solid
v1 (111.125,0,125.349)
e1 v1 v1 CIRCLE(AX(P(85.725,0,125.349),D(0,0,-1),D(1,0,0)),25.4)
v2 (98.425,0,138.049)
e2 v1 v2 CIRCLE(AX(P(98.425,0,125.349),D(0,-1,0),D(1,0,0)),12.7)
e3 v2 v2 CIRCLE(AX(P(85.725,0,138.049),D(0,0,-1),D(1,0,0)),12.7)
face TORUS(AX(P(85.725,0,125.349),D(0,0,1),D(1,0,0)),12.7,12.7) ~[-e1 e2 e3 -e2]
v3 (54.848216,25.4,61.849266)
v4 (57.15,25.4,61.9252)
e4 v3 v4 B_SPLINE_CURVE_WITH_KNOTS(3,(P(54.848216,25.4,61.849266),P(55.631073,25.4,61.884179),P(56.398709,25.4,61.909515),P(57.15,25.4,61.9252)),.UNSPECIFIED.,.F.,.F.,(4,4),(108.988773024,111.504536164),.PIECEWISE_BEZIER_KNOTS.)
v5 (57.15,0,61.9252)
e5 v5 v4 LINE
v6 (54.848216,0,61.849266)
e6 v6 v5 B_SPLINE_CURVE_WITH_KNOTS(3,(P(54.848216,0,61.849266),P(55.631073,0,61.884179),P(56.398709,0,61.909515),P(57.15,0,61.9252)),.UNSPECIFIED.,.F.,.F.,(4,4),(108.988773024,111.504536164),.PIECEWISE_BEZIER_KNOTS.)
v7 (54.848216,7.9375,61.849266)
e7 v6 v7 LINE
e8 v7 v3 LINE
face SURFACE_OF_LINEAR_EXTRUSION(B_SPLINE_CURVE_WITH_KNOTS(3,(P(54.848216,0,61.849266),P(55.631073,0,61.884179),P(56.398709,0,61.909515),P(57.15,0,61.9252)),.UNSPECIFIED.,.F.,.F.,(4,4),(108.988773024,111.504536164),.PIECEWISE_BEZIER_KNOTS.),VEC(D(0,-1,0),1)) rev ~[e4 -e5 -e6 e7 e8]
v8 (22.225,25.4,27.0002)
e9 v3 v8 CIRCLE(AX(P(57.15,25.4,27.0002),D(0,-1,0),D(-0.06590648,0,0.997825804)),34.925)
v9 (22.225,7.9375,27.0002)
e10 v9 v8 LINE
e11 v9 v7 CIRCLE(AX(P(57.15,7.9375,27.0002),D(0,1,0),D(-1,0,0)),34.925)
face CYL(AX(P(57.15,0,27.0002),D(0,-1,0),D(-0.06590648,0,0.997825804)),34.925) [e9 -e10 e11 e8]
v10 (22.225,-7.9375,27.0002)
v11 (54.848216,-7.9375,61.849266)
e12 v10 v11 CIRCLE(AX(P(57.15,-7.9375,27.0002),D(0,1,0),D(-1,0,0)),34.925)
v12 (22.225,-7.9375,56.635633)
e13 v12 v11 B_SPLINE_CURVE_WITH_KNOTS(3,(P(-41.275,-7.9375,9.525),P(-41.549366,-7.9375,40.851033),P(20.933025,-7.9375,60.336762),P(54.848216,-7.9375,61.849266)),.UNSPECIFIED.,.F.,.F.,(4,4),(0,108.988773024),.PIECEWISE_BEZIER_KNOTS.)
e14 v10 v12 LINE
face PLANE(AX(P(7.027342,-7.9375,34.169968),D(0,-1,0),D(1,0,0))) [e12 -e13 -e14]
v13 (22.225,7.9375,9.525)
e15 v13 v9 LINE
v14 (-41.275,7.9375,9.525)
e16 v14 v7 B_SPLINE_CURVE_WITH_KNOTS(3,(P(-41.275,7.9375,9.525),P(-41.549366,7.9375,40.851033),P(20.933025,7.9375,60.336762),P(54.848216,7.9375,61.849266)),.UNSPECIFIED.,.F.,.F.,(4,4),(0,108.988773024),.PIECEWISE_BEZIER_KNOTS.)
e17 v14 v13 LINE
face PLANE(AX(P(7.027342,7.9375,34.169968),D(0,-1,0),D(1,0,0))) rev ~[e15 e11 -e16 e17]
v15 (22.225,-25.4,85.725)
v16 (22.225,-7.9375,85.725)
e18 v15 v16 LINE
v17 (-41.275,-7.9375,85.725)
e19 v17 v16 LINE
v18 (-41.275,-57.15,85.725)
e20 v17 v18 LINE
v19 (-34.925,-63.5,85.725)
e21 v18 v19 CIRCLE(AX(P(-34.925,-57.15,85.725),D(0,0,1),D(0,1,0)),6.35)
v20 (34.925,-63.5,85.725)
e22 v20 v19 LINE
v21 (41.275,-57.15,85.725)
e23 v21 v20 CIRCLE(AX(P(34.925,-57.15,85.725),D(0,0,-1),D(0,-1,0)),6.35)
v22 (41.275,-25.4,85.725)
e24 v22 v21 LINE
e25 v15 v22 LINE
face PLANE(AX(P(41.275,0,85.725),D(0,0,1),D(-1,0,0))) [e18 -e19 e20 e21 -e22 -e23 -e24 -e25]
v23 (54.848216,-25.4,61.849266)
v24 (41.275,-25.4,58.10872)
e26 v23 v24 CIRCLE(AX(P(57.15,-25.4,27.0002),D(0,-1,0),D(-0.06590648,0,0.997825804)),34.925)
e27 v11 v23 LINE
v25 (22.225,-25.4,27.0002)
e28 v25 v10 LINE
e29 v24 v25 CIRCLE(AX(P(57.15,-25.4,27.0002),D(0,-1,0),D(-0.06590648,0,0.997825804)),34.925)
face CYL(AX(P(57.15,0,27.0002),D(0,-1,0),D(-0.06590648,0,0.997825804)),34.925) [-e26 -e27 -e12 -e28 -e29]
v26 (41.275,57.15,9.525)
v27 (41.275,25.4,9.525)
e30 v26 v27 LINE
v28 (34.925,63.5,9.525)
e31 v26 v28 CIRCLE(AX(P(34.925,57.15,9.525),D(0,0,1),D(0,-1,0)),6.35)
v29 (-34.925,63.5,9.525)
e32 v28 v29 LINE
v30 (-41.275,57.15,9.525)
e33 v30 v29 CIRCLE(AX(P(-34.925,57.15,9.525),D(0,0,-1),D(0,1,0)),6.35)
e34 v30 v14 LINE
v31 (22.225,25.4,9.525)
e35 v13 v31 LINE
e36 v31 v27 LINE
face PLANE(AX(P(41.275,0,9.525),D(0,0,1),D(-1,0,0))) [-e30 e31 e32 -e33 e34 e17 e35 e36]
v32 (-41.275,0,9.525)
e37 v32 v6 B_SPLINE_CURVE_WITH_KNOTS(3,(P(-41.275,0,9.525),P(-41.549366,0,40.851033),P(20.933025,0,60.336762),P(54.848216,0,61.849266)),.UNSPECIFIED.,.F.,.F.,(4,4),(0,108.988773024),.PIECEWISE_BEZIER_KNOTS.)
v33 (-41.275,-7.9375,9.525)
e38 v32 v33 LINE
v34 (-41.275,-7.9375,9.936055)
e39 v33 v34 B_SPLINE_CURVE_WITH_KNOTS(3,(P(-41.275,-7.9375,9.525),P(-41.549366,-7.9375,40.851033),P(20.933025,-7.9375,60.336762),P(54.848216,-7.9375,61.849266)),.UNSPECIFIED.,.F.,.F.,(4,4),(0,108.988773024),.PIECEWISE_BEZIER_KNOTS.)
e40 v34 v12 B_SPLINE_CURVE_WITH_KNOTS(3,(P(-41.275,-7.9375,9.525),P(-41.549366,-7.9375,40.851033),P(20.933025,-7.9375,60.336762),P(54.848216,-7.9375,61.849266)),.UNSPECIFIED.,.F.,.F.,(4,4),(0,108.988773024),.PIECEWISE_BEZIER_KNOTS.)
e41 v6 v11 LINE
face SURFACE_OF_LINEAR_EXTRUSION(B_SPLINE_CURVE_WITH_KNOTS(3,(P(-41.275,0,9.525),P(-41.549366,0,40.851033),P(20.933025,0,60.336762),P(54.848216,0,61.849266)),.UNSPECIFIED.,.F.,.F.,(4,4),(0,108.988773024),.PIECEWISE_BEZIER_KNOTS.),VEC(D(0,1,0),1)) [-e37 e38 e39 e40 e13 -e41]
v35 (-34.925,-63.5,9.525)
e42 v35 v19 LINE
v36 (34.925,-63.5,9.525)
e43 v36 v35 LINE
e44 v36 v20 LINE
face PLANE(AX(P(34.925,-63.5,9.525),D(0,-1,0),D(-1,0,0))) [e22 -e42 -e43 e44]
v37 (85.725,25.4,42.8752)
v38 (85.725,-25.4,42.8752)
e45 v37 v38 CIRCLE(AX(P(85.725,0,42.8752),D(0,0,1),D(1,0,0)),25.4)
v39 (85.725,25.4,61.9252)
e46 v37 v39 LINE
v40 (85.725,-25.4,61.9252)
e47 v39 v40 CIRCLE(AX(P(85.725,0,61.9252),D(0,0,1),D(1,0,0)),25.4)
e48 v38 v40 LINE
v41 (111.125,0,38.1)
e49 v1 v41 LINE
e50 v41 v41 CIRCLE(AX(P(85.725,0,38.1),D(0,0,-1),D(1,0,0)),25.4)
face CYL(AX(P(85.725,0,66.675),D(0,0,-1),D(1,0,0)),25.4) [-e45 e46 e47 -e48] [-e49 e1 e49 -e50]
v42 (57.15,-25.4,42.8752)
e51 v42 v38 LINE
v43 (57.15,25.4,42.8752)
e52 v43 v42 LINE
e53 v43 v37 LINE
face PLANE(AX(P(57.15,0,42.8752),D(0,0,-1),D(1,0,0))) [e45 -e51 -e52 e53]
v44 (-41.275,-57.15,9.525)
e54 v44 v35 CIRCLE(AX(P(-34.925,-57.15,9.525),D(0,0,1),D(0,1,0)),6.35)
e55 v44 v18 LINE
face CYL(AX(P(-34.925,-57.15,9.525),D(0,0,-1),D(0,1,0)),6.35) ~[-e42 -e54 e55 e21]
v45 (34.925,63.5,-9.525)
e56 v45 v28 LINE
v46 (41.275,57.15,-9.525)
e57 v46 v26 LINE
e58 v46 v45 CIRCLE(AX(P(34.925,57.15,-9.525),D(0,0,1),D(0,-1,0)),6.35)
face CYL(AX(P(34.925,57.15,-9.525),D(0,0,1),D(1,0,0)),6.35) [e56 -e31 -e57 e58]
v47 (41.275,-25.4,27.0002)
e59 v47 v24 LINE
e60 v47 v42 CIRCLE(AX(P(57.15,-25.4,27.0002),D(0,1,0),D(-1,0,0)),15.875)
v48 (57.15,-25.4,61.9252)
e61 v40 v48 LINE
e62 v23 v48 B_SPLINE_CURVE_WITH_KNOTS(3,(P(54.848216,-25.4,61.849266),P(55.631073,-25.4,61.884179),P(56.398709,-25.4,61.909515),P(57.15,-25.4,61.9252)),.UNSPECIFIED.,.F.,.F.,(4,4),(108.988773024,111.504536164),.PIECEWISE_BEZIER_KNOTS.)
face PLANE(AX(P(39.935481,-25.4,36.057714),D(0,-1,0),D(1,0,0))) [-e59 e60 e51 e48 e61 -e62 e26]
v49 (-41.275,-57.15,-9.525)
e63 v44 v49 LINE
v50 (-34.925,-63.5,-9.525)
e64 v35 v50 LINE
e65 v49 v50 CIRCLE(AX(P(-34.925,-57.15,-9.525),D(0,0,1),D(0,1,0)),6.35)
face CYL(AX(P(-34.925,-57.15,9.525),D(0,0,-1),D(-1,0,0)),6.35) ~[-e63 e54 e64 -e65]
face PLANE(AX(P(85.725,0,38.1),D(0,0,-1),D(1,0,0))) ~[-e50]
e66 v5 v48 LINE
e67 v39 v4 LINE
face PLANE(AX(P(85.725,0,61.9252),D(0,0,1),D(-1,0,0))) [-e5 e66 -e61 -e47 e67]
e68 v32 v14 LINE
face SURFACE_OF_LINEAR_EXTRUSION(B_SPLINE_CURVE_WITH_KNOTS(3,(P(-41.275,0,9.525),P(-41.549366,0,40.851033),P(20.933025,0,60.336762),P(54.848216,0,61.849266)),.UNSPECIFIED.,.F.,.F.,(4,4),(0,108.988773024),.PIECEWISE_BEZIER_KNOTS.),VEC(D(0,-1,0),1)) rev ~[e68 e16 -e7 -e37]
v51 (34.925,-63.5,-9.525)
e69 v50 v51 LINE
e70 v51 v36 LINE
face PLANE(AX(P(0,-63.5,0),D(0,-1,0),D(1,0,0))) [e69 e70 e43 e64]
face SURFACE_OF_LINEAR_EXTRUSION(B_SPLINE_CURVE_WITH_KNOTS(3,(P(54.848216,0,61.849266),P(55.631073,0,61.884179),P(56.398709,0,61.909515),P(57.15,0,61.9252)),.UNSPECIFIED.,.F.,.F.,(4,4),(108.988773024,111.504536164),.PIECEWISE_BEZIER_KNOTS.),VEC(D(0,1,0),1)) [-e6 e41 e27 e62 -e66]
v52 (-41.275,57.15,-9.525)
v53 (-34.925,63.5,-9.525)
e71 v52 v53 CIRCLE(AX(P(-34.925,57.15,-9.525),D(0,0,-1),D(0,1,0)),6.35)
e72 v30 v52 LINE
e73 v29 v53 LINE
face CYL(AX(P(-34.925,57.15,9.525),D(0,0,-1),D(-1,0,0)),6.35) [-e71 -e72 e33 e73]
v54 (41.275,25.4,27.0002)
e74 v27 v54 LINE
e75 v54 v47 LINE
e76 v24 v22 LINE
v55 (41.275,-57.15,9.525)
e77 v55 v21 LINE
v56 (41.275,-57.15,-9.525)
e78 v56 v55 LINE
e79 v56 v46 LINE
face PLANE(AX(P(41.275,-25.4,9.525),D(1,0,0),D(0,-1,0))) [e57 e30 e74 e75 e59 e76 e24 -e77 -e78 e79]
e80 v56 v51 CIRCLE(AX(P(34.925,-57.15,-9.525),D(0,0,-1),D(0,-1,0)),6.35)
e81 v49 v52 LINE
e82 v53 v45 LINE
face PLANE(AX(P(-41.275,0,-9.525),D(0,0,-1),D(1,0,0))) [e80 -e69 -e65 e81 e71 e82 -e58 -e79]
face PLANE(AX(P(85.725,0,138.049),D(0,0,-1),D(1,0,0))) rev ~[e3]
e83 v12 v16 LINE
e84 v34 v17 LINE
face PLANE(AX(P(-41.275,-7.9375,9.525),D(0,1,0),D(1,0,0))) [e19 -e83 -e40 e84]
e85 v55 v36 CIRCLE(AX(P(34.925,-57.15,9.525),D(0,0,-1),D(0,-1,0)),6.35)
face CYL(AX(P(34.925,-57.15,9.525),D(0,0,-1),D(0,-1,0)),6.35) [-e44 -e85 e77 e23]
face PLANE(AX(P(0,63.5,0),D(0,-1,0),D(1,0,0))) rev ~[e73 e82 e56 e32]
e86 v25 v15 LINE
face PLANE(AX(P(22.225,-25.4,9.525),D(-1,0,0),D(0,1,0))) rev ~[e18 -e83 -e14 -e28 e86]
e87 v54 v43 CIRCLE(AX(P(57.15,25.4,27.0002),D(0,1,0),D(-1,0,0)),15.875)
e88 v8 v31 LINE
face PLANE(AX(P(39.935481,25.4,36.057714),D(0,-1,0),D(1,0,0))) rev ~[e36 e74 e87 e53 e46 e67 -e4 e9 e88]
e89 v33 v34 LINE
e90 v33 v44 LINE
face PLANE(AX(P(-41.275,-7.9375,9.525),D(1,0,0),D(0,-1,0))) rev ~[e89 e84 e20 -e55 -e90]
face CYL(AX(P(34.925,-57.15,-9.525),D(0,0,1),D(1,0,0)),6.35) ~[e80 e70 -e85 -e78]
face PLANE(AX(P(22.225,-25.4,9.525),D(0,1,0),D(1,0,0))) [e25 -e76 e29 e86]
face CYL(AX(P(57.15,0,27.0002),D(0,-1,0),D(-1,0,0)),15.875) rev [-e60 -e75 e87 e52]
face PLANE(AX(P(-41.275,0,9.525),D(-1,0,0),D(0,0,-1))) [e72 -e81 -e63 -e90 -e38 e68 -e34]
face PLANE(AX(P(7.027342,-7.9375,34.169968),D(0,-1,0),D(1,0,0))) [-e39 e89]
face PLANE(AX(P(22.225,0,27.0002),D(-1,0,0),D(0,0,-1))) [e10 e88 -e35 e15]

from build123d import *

# Parameters (mm, degrees)
F1_DEPTH = 63.5
F0_W     = 25.4
F0_H     = 19.05
F2_DEPTH = 25.4
F3_DEPTH = 7.9375
F5_R     = 6.35
F6_DEPTH = 71.374
F7_DEPTH = 76.2
F8_R     = 12.7


with BuildPart() as f1:
    # F0 (on Front) → F1 (new body, symmetric)
    with BuildSketch(Plane.XZ):
        Polygon((41.275, -9.525), (41.275, 9.525), (22.225, 9.525), (-41.275, 9.525), (-41.275, -9.525), align=None)
    extrude(amount=F1_DEPTH, both=True)

    # F0 (on Front) → F2 (join, symmetric)
    with BuildSketch(Plane.XZ):
        with BuildLine():
            Line((22.225, 9.525), (41.275, 9.525))
            Line((41.275, 9.525), (41.275, 27.0002))
            ThreePointArc((41.275, 27.0002), (45.9246798487, 38.2255201513), (57.15, 42.8752))
            Line((57.15, 42.8752), (60.325, 42.8752))
            Line((60.325, 42.8752), (60.325, 61.9252))
            Line((60.325, 61.9252), (57.15, 61.9252))
            add(Edge.make_bspline(
                [(54.8482161911, 61.8492662184), (55.6310728691, 61.884179015), (56.3987085315, 61.9095154181), (57.15, 61.9252)],
                knots=[108.9887730241, 108.9887730241, 108.9887730241, 108.9887730241, 111.5045361635, 111.5045361635, 111.5045361635, 111.5045361635], degree=3))
            ThreePointArc((54.8482161911, 61.8492662184), (31.6534764671, 50.8682311869), (22.225, 27.0002))
            Line((22.225, 27.0002), (22.225, 9.525))
        make_face()
        with Locations((73.025, 52.4002)):
            Rectangle(F0_W, F0_H)
    extrude(amount=F2_DEPTH, both=True)

    # F0 (on Front) → F3 (join, symmetric)
    with BuildSketch(Plane.XZ):
        with BuildLine():
            Line((-41.275, 9.525), (22.225, 9.525))
            Line((22.225, 9.525), (22.225, 27.0002))
            ThreePointArc((22.225, 27.0002), (31.6534764671, 50.8682311869), (54.8482161911, 61.8492662184))
            add(Edge.make_bspline(
                [(-41.275, 9.525), (-41.5493658366, 40.8510325395), (20.933024634, 60.3367618025), (54.8482161911, 61.8492662184)],
                knots=[0, 0, 0, 0, 108.9887730241, 108.9887730241, 108.9887730241, 108.9887730241], degree=3))
        make_face()
    extrude(amount=F3_DEPTH, both=True)

    # F0 (on Front) → F4 (revolve)
    with BuildSketch(Plane.XZ):
        Polygon((85.725, 61.9252), (85.725, 42.8752), (85.725, 38.1), (111.125, 38.1), (111.125, 66.675), (85.725, 66.675), align=None)
    revolve(axis=Axis((85.725, 0, 52.3875), (0, 0, -1)))

    # F5
    f5_edges = [f1.edges().sort_by_distance(p)[0] for p in [
        (41.275, -63.5, 0),
        (-41.275, -63.5, 0),
        (41.275, 63.5, 0),
        (-41.275, 63.5, 0),
    ]]
    fillet(f5_edges, radius=F5_R)

    # F6 (add): a face of the model
    f6_faces = [f1.faces().sort_by_distance(p)[0] for p in [
        (85.725, 0, 66.675),
    ]]
    extrude(f6_faces, amount=F6_DEPTH)

    # F7 (add): a face of the model
    f7_faces = [f1.faces().sort_by_distance(p)[0] for p in [
        (-2.4929619757, -37.1068375297, 9.525),
    ]]
    extrude(f7_faces, amount=F7_DEPTH)

    # F8
    f8_edges = [f1.edges().sort_by_distance(p)[0] for p in [
        (60.325, 0, 138.049),
    ]]
    fillet(f8_edges, radius=F8_R)


solid = f1.part
